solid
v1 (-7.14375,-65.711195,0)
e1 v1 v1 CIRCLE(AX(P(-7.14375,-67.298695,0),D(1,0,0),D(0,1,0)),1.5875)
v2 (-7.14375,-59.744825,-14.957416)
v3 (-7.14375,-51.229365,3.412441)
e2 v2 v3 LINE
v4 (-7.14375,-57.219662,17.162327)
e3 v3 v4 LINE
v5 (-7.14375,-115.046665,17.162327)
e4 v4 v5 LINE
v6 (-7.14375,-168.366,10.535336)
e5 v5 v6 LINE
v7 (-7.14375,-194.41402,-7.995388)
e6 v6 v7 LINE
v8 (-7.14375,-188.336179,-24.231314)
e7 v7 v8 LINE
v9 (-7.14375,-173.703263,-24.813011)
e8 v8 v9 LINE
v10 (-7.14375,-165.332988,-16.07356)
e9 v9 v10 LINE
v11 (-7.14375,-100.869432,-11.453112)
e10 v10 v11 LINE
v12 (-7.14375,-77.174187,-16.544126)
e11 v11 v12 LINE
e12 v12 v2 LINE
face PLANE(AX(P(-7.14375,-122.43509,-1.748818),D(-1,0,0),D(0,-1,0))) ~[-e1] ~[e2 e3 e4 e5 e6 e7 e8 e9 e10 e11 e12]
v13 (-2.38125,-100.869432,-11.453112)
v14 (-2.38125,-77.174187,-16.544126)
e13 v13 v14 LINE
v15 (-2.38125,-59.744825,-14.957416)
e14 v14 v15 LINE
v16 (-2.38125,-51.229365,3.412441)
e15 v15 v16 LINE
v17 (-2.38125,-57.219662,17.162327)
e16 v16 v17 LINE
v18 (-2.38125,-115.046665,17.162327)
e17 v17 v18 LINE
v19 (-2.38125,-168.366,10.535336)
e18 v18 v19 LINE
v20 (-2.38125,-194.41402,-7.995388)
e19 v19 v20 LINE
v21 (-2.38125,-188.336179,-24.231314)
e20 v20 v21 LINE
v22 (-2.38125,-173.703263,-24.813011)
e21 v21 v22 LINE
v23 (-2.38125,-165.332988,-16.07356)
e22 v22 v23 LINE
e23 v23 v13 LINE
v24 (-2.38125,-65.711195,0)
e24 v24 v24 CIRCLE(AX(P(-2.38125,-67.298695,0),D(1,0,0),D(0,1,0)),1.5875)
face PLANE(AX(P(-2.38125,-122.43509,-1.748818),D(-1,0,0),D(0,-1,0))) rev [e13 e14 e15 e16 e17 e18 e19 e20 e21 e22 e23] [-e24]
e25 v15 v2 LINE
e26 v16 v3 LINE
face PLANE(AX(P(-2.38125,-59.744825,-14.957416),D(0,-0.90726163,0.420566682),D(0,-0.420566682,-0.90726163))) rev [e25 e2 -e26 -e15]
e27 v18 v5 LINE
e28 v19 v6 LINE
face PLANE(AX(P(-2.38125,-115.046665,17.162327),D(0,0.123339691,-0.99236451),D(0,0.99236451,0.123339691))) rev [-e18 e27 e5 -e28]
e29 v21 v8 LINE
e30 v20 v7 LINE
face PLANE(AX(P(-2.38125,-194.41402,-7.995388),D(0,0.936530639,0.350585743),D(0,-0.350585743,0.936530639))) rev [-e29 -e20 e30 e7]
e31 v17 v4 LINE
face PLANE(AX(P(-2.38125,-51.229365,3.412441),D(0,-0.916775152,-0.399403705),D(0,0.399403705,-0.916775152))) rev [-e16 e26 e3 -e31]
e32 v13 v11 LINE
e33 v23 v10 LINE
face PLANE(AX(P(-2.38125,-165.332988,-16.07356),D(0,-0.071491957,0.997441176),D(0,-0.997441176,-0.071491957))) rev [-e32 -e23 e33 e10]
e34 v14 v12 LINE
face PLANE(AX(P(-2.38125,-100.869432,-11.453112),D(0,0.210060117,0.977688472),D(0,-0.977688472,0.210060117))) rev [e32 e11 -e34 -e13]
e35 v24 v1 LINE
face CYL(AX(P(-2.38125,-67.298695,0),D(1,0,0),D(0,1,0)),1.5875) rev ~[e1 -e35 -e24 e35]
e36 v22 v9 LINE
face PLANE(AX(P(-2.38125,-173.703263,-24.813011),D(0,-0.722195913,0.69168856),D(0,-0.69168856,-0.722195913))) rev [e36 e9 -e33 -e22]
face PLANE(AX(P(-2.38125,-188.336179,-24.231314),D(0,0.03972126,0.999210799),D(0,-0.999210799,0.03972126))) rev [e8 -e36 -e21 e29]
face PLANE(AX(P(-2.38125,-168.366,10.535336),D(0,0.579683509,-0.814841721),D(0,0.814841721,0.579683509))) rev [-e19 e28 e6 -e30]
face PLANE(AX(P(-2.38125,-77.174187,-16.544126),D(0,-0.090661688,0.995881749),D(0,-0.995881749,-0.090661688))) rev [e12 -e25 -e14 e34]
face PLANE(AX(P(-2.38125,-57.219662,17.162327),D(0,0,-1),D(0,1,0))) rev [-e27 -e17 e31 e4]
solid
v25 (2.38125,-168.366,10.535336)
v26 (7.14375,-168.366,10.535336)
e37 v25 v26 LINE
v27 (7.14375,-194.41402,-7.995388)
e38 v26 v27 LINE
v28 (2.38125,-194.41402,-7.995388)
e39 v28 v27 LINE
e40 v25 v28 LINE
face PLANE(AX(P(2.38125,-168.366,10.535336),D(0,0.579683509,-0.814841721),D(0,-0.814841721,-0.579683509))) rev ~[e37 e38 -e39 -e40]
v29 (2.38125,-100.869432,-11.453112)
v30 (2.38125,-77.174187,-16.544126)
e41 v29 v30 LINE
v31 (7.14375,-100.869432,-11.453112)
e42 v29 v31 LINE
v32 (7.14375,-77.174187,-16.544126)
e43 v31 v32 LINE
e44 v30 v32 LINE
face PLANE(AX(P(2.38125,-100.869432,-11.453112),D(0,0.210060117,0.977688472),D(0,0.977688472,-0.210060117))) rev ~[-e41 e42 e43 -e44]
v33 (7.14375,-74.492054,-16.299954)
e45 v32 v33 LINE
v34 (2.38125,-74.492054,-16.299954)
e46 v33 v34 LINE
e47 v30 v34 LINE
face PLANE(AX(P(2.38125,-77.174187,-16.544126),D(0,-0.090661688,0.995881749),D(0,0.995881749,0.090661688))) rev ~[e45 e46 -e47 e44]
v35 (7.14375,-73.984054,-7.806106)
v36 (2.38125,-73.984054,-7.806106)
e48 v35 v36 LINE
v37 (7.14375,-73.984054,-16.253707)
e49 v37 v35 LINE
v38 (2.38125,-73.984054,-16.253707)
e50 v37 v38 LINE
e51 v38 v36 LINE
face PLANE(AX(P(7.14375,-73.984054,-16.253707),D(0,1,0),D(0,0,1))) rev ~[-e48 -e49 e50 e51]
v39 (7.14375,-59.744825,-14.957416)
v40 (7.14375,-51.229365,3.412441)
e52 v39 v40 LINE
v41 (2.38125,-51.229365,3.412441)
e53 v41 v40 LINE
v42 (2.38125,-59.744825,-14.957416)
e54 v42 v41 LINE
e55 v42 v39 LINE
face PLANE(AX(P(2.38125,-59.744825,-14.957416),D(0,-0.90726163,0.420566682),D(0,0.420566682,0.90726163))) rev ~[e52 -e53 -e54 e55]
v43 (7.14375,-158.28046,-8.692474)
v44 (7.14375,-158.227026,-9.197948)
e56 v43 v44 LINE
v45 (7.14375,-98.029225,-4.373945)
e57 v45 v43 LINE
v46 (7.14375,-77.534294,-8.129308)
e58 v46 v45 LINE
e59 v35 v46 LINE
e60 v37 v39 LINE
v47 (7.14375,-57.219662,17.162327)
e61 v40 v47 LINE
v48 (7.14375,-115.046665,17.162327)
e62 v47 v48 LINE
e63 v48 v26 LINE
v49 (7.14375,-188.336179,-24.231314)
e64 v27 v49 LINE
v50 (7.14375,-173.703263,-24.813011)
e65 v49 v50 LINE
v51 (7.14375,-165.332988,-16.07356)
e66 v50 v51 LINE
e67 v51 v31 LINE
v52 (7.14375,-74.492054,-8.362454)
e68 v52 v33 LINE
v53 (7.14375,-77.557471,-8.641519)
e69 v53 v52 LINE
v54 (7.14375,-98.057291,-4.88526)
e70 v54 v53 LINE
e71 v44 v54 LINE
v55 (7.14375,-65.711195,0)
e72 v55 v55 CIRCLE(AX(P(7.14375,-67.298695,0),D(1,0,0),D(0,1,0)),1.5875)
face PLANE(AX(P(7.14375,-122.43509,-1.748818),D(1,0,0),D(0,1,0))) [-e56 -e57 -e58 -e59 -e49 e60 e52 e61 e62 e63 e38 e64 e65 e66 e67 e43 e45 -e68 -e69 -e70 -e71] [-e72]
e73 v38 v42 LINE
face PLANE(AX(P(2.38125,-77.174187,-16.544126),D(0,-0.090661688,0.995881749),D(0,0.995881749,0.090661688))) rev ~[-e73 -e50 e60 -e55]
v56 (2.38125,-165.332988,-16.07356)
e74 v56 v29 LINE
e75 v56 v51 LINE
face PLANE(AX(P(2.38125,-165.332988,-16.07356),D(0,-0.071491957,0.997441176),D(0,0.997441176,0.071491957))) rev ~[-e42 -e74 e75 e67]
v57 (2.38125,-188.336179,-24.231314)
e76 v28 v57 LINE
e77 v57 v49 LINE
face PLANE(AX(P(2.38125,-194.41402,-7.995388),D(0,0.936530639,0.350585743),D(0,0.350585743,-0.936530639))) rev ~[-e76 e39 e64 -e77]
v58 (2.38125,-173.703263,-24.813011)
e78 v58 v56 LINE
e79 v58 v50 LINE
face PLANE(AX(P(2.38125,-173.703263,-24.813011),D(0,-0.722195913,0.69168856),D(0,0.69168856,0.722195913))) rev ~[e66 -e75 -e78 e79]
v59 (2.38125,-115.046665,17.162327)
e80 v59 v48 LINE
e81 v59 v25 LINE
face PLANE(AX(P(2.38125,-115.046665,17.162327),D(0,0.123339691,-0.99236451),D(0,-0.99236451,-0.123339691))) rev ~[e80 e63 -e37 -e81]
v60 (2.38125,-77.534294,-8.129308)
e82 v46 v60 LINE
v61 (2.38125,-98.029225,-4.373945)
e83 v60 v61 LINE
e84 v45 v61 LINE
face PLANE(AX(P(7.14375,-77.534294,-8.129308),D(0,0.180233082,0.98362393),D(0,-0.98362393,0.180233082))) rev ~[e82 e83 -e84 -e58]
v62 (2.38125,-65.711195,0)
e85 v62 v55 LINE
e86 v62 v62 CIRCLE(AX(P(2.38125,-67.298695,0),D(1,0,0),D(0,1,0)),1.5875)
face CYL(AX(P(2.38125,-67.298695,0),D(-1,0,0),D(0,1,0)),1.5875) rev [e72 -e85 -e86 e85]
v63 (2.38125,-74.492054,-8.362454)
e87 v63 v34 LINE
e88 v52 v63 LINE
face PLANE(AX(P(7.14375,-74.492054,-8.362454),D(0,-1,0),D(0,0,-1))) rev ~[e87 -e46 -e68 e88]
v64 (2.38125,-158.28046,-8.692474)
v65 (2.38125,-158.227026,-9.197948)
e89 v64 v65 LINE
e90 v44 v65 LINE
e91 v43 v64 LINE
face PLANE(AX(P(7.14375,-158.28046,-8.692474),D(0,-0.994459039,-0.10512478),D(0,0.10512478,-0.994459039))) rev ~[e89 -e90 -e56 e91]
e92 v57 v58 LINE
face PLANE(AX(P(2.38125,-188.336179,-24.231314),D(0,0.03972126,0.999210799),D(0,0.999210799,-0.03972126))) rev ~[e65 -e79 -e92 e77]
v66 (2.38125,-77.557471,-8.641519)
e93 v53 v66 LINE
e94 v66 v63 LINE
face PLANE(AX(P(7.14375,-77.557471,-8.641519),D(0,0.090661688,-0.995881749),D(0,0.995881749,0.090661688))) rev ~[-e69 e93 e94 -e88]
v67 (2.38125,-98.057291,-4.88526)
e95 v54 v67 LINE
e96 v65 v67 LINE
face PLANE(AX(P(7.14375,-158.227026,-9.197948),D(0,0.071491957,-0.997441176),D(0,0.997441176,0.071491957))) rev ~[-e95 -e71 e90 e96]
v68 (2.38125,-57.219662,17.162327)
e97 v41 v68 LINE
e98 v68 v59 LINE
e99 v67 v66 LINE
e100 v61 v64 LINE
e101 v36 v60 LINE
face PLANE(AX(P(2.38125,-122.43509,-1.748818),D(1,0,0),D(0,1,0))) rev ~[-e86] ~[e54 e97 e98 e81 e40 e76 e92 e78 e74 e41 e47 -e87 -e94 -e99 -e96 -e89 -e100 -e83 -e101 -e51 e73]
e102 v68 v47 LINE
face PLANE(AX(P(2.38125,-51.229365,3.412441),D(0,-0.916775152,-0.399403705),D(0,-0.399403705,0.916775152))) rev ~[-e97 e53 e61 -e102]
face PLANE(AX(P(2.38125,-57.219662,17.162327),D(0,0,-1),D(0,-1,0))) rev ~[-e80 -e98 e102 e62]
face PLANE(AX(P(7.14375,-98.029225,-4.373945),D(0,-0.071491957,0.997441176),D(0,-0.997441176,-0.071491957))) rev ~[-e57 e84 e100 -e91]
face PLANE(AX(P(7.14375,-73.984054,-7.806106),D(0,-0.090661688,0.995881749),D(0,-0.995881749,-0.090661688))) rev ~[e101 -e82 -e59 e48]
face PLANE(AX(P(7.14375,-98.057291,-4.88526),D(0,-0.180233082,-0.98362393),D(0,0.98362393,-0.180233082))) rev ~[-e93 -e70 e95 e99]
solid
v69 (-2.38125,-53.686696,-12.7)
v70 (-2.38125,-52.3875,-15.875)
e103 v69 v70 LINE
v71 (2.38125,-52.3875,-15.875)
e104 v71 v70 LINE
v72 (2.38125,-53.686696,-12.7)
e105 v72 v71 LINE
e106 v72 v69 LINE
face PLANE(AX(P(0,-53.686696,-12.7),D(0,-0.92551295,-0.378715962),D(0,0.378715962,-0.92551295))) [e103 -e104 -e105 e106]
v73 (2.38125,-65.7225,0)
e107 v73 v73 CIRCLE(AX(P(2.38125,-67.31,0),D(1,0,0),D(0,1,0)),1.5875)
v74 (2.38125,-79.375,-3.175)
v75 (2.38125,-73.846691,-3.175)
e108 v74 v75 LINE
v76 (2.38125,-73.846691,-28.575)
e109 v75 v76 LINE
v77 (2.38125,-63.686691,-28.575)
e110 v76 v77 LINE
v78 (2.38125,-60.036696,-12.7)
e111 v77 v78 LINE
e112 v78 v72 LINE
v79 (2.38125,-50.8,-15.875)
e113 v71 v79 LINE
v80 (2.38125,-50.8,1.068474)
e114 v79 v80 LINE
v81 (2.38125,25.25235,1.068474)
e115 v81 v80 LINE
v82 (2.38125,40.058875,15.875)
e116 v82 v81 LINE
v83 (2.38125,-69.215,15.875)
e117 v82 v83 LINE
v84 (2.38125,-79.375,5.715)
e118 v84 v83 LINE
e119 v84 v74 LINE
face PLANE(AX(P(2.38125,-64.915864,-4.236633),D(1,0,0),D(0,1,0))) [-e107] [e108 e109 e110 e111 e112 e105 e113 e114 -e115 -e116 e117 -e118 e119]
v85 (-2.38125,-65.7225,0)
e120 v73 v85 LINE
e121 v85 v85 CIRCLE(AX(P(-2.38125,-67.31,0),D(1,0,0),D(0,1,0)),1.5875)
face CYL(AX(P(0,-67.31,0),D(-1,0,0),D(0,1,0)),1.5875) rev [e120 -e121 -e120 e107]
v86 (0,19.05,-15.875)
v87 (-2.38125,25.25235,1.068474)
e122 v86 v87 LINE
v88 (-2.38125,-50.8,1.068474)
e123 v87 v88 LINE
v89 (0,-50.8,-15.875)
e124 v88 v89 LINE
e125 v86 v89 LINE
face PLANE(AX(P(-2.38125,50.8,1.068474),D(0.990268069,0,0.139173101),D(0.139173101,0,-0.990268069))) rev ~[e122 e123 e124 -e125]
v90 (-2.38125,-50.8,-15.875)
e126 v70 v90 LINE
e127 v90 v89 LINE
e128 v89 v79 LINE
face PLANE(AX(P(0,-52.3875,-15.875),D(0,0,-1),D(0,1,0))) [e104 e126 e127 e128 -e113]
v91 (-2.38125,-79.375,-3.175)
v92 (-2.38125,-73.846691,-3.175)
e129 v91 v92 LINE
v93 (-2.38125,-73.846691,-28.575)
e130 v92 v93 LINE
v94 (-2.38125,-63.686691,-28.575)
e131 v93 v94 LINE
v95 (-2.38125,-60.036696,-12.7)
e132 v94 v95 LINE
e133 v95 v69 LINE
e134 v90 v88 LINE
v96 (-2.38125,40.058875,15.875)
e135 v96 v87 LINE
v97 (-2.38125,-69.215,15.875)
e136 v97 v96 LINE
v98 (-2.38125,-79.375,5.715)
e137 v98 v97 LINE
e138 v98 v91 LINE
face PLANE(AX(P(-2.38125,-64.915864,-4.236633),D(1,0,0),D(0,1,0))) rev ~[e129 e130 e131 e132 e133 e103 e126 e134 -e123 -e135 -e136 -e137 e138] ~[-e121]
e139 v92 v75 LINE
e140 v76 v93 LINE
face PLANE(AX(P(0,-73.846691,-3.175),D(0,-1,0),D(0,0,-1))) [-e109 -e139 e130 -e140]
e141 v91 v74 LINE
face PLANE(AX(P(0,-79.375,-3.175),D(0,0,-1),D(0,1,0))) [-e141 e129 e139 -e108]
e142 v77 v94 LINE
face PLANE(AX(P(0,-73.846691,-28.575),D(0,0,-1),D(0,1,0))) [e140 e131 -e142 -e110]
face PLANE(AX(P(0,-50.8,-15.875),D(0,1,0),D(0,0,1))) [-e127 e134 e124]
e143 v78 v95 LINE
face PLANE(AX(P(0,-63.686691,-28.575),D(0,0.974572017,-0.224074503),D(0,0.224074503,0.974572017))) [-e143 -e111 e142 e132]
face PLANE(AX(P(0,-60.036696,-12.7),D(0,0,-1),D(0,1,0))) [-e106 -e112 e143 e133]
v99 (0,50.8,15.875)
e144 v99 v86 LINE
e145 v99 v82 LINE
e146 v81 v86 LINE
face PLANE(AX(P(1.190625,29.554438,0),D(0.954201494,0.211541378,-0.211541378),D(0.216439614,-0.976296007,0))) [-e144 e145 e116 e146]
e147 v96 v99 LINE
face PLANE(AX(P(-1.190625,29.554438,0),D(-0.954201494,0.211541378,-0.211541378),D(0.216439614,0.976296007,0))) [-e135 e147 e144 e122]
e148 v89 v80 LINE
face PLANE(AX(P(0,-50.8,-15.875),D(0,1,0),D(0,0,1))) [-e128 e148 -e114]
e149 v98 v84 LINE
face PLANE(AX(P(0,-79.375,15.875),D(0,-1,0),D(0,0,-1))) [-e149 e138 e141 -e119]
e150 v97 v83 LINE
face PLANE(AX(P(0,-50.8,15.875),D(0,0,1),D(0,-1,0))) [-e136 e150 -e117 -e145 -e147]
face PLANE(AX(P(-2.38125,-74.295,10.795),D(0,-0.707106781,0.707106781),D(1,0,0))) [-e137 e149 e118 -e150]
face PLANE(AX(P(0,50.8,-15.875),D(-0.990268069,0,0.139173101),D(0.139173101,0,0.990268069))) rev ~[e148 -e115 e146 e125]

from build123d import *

# Parameters (mm, degrees)
F0_W      = 101.6
F0_H      = 31.75
F1_DEPTH  = 2.38125
F3_DEPTH  = 101.601
F7_R      = 1.5875
F8_DEPTH  = 2.38125
F9_SIZE   = 10.16
F11_R     = 1.5875
F12_DEPTH = 4.7625
F15_DEPTH = 4.7625


with BuildPart() as f1:
    # F0 (on Right) → F1 (new body, symmetric)
    with BuildSketch(Plane.YZ):
        Rectangle(F0_W, F0_H)
    extrude(amount=F1_DEPTH, both=True)

    # F2 (on face) → F3 (cut, through all)
    with BuildSketch(Plane(origin=(0, 50.8, 0), x_dir=(-1, 0, 0), z_dir=(0, 1, 0))):
        Polygon((2.38125, 1.0684741514), (0, -15.875), (-2.38125, 1.0684741514), (-18.4869468212, 1.0684741514), (-18.4869468212, -23.6229002476), (17.5397191197, -23.6229002476), (17.5397191197, 1.0684741514), align=None)
    extrude(amount=-F3_DEPTH, mode=Mode.SUBTRACT)

    # F6: sweep along a path in F4
    with BuildLine(Plane.YZ) as f6_path:
        Line((50.8, 15.875), (19.05, -15.875))
    # F5 (on face) → F6 (sweep, cut)
    with BuildSketch(Plane.XY.offset(15.875)):
        Polygon((-2.38125, 40.0588753757), (0, 50.8), (2.38125, 40.0588753757), (25.2857971936, 40.0588753757), (21.9698956102, 103.4185513854), (-23.8018085353, 103.4185513854), (-27.6726558805, 37.965990603), align=None)
    sweep(path=f6_path.line, mode=Mode.SUBTRACT)

    # F7 (on Right) → F8 (join, symmetric)
    with BuildSketch(Plane.YZ):
        Polygon((-52.3875, -15.875), (-50.8, -15.875), (-50.8, 15.875), (-79.375, 15.875), (-79.375, -3.175), (-73.8466912246, -3.175), (-73.8466912246, -28.575), (-63.6866912246, -28.575), (-60.0366964936, -12.7), (-53.6866964936, -12.7), align=None)
        with Locations((-67.31, 0)):
            Circle(F7_R, mode=Mode.SUBTRACT)
    extrude(amount=F8_DEPTH, both=True)

    # F9
    f9_edges = [f1.edges().sort_by_distance(p)[0] for p in [
        (0, -79.375, 15.875),
    ]]
    chamfer(f9_edges, length=F9_SIZE)


with BuildPart() as f12:
    # F11 (on face) → F12 (new body)
    with BuildSketch(Plane.YZ.offset(2.38125)):
        Polygon((-57.2196619652, 17.1623267233), (-115.0466650724, 17.1623267233), (-168.3660000563, 10.5353360996), (-194.4140195847, -7.995388296), (-188.3361786604, -24.2313144845), (-173.7032628157, -24.8130114187), (-165.3329879045, -16.0735603422), (-100.8694320917, -11.453111656), (-77.1741867065, -16.5441259742), (-59.7448249552, -14.9574161484), (-51.22936517, 3.4124411177), align=None)
        with Locations((-67.2986954451, 0)):
            Circle(F11_R, mode=Mode.SUBTRACT)
    extrude(amount=F12_DEPTH)


with BuildPart() as f13_1:
    # F13: instance of F12
    add(f12.part.mirror(Plane.YZ))


with BuildPart() as f12_1:
    add(f12.part)

    # F14 (on face) → F15 (cut, through all)
    with BuildSketch(Plane.YZ.offset(7.14375)):
        Polygon((-74.492054025, -8.3624537354), (-74.492054025, -16.2999537354), (-73.984054025, -16.2537071428), (-73.984054025, -7.8061064201), (-77.5342935257, -8.1293081517), (-98.0292251983, -4.3739453675), (-158.280459913, -8.6924744149), (-158.2270260661, -9.1979477418), (-98.0572913906, -4.8852602391), (-77.5574707394, -8.6415188492), align=None)
    extrude(amount=-F15_DEPTH, mode=Mode.SUBTRACT)


solid = Compound([f1.part, f13_1.part, f12_1.part])
